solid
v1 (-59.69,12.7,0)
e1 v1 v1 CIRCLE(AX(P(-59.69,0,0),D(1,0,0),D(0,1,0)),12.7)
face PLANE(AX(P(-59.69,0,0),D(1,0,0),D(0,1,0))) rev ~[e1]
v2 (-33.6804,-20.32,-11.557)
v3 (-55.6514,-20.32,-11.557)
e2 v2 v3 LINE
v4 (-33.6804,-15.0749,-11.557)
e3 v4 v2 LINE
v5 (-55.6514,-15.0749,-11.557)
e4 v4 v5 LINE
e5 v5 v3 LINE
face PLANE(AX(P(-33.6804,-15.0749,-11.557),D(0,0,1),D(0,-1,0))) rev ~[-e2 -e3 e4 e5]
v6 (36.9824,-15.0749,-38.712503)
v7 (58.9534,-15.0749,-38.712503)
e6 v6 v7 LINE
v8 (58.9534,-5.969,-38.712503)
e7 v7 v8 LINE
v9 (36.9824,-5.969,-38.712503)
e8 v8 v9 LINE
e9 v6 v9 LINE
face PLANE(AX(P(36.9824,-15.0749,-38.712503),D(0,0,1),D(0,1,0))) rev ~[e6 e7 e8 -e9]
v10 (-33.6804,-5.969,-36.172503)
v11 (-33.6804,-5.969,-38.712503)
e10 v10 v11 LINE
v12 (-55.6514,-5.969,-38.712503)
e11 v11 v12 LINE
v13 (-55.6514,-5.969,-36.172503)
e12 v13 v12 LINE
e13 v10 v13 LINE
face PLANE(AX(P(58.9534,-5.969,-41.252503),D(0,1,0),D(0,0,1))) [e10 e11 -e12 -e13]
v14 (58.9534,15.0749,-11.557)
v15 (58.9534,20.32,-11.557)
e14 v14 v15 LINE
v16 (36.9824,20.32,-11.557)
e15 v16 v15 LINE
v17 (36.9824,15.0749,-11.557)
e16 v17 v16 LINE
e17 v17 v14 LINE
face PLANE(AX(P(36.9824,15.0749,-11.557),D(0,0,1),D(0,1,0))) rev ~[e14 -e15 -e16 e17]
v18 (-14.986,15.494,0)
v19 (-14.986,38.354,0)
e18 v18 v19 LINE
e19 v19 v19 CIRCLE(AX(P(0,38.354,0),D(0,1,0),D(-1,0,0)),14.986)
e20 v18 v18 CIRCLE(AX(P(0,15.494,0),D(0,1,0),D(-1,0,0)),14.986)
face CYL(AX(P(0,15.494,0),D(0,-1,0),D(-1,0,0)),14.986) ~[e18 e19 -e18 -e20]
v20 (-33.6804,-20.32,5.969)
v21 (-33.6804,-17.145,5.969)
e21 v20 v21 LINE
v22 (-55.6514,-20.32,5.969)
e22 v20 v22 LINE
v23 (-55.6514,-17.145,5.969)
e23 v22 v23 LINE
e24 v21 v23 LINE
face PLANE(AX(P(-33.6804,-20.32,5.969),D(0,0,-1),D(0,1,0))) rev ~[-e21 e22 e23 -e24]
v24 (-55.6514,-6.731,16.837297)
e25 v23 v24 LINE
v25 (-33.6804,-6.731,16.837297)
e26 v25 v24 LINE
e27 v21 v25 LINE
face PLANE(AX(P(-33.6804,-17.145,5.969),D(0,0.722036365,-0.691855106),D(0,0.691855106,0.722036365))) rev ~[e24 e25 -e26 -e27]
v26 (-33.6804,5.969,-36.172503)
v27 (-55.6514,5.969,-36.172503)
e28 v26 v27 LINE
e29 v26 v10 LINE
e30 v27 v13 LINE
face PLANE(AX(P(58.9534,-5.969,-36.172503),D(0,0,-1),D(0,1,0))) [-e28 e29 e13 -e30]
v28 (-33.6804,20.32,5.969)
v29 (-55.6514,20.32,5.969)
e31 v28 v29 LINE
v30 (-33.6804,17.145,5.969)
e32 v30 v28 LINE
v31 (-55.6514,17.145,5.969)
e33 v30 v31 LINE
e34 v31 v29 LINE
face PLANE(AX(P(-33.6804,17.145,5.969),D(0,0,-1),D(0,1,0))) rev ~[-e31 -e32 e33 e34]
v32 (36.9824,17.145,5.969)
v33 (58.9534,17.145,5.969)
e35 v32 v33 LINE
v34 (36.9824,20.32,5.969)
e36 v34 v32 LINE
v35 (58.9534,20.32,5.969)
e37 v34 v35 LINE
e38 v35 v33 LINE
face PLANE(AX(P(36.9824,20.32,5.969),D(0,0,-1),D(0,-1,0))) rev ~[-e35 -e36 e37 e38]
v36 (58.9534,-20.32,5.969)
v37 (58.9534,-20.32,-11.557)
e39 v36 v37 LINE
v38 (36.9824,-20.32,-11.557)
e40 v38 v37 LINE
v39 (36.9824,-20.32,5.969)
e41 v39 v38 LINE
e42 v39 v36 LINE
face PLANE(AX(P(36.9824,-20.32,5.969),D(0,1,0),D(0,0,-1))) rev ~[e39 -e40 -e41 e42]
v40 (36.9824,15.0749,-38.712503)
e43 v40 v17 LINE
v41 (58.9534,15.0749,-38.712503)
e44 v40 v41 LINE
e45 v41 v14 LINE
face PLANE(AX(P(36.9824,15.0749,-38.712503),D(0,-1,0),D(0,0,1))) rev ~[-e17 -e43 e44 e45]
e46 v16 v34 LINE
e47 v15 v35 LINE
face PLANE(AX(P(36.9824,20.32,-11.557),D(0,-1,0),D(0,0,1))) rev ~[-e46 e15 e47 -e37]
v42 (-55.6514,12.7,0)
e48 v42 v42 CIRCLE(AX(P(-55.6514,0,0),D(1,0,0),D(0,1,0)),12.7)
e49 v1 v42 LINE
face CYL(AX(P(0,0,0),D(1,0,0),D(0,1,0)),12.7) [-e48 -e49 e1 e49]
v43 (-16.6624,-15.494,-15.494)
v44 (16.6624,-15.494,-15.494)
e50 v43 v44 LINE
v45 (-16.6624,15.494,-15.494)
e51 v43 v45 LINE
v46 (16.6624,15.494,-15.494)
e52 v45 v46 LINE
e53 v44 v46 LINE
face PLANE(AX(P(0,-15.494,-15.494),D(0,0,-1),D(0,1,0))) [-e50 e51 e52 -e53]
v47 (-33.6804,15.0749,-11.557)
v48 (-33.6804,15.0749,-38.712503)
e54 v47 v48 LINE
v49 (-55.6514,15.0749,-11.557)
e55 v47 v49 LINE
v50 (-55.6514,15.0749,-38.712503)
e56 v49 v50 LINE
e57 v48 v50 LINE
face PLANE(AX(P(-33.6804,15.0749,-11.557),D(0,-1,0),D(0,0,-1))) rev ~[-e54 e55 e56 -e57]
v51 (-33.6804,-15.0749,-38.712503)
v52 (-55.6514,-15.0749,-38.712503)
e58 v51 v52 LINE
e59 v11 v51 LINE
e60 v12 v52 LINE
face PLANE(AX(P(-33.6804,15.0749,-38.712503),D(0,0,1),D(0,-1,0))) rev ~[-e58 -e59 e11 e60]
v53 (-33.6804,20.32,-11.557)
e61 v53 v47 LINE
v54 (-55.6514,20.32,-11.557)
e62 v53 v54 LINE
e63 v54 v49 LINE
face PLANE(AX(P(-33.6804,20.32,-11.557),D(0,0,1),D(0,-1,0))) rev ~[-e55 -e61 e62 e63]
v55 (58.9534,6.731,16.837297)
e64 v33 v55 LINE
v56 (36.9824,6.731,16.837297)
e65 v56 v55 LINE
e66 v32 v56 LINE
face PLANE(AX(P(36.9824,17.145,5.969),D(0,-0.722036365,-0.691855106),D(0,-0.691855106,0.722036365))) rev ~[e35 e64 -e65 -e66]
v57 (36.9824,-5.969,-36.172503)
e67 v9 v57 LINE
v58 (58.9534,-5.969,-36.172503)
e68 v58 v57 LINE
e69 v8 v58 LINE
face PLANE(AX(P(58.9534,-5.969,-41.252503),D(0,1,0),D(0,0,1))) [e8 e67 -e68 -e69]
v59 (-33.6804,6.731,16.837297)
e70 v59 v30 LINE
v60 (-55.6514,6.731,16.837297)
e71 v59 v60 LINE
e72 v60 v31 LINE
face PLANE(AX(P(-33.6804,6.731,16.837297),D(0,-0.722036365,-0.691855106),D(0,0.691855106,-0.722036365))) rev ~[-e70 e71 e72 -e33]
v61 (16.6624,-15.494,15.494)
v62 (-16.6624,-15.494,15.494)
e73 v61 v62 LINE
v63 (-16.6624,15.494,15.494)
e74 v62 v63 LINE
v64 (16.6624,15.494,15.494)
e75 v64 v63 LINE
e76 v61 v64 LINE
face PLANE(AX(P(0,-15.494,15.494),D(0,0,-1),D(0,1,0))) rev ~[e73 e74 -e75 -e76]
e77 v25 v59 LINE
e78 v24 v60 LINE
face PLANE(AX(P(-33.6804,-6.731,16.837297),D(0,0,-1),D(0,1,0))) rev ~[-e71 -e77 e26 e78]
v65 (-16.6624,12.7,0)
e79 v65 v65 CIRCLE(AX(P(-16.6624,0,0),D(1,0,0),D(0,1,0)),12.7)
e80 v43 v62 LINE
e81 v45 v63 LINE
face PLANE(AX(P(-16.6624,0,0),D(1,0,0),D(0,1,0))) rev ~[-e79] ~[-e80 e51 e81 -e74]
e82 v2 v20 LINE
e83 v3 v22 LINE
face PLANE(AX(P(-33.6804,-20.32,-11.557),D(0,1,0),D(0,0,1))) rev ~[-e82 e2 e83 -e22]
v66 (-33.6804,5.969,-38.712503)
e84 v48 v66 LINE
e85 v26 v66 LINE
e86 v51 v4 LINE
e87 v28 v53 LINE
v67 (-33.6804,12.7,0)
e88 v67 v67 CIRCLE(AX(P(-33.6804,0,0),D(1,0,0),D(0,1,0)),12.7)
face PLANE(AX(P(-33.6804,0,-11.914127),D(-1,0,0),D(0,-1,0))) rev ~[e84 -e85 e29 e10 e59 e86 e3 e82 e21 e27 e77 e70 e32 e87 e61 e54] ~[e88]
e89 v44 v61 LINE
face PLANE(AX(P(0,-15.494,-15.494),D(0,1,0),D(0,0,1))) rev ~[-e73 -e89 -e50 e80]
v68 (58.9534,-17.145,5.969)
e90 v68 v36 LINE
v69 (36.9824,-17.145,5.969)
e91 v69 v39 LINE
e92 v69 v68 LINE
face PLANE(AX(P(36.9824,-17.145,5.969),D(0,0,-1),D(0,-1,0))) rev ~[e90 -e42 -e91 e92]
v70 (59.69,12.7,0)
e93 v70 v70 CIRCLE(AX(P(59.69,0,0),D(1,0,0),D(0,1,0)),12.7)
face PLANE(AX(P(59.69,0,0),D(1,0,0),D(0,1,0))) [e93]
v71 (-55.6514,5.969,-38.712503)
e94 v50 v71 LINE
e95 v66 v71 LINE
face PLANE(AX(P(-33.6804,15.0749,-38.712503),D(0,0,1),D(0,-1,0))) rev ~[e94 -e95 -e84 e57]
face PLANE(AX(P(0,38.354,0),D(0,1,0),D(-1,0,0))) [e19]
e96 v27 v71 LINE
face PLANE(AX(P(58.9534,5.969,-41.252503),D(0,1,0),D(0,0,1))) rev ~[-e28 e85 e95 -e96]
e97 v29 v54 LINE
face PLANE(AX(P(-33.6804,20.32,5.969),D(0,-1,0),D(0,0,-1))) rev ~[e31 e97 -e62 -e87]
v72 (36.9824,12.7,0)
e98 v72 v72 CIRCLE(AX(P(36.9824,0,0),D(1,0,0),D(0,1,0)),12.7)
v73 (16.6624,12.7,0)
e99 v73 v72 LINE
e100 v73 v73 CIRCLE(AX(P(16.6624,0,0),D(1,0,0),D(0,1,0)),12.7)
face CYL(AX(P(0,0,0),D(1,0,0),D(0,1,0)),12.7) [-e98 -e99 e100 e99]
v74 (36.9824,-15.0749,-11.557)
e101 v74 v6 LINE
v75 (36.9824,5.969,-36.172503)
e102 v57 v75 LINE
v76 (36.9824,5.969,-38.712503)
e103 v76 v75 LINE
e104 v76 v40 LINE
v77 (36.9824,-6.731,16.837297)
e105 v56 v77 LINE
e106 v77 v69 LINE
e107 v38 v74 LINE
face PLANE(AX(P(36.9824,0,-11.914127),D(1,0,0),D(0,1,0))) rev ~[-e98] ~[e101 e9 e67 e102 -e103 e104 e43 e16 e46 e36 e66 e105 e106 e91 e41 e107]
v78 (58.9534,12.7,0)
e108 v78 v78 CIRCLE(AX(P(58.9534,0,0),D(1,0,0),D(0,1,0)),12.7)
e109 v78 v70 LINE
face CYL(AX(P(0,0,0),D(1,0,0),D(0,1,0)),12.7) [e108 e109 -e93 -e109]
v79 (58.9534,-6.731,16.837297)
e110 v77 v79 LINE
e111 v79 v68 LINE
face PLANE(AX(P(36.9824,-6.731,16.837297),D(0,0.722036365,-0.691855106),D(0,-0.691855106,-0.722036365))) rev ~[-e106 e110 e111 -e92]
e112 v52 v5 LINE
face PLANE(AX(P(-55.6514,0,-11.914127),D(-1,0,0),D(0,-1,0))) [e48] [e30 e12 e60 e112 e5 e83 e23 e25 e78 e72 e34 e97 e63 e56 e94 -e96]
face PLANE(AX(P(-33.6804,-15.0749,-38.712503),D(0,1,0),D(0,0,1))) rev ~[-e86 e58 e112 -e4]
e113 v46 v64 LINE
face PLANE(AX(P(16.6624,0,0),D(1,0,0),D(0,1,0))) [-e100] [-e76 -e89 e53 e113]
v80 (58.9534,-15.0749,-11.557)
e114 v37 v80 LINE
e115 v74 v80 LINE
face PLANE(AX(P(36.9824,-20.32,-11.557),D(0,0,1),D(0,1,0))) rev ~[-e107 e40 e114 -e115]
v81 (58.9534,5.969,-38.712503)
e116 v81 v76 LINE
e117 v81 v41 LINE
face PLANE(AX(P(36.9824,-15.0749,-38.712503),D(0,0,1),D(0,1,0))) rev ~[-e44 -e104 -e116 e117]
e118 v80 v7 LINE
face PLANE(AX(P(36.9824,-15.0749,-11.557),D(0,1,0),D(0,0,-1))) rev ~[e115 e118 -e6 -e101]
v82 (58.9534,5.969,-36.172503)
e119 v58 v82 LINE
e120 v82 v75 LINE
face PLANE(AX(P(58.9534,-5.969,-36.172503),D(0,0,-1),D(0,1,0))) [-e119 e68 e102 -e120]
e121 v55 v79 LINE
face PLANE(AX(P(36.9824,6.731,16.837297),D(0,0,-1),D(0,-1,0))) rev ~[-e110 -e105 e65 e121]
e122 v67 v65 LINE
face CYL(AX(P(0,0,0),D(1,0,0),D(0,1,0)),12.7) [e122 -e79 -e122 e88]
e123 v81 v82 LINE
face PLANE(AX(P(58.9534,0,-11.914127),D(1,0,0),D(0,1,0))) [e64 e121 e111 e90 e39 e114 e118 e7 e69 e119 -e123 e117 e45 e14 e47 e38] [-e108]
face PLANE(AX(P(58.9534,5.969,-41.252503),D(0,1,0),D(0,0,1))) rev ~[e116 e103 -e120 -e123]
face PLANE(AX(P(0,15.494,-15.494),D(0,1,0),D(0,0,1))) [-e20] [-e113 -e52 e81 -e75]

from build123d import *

# Parameters (mm, degrees)
F0_R      = 12.7
F1_DEPTH  = 59.69
F2_W      = 30.988
F2_H      = 30.988
F3_DEPTH  = 16.6624
F7_DEPTH  = 21.971
F9_DEPTH  = 21.971
F10_R     = 14.986
F11_DEPTH = 22.86
F12_W     = 11.938
F12_H     = 5.08
F13_DEPTH = 118.6444


with BuildPart() as f1:
    # F0 (on Right) → F1 (new body, symmetric)
    with BuildSketch(Plane.YZ):
        Circle(F0_R)
    extrude(amount=F1_DEPTH, both=True)

    # F2 (on Right) → F3 (join, symmetric)
    with BuildSketch(Plane.YZ):
        Rectangle(F2_W, F2_H)
    extrude(amount=F3_DEPTH, both=True)

    # F6 (on offset) → F7 (join)
    with BuildSketch(Plane.YZ.offset(36.9824)):
        Polygon((-20.32, 5.969), (-20.32, -11.557), (-15.0749, -11.557), (-15.0749, -38.712503105), (0, -38.712503105), (15.0749, -38.712503105), (15.0749, -11.557), (20.32, -11.557), (20.32, 5.969), (17.145, 5.969), (6.731, 16.837296895), (0, 16.837296895), (-6.731, 16.837296895), (-17.145, 5.969), align=None)
    extrude(amount=F7_DEPTH)

    # F8 (on offset) → F9 (join)
    with BuildSketch(Plane(origin=(-33.6804, 0, 0), x_dir=(0, -1, 0), z_dir=(-1, 0, 0))):
        Polygon((-15.0749, -38.712503105), (15.0749, -38.712503105), (15.0749, -11.557), (20.32, -11.557), (20.32, 5.969), (17.145, 5.969), (6.731, 16.837296895), (-6.731, 16.837296895), (-17.145, 5.969), (-20.32, 5.969), (-20.32, -11.557), (-15.0749, -11.557), align=None)
    extrude(amount=F9_DEPTH)

    # F10 (on face) → F11 (join)
    with BuildSketch(Plane(origin=(0, 15.494, 0), x_dir=(-1, 0, 0), z_dir=(0, 1, 0))):
        Circle(F10_R)
    extrude(amount=F11_DEPTH)

    # F12 (on face) → F13 (cut, through all)
    with BuildSketch(Plane.YZ.offset(58.9534)):
        with Locations((0, -38.712503105)):
            Rectangle(F12_W, F12_H)
    extrude(amount=-F13_DEPTH, mode=Mode.SUBTRACT)


solid = f1.part
